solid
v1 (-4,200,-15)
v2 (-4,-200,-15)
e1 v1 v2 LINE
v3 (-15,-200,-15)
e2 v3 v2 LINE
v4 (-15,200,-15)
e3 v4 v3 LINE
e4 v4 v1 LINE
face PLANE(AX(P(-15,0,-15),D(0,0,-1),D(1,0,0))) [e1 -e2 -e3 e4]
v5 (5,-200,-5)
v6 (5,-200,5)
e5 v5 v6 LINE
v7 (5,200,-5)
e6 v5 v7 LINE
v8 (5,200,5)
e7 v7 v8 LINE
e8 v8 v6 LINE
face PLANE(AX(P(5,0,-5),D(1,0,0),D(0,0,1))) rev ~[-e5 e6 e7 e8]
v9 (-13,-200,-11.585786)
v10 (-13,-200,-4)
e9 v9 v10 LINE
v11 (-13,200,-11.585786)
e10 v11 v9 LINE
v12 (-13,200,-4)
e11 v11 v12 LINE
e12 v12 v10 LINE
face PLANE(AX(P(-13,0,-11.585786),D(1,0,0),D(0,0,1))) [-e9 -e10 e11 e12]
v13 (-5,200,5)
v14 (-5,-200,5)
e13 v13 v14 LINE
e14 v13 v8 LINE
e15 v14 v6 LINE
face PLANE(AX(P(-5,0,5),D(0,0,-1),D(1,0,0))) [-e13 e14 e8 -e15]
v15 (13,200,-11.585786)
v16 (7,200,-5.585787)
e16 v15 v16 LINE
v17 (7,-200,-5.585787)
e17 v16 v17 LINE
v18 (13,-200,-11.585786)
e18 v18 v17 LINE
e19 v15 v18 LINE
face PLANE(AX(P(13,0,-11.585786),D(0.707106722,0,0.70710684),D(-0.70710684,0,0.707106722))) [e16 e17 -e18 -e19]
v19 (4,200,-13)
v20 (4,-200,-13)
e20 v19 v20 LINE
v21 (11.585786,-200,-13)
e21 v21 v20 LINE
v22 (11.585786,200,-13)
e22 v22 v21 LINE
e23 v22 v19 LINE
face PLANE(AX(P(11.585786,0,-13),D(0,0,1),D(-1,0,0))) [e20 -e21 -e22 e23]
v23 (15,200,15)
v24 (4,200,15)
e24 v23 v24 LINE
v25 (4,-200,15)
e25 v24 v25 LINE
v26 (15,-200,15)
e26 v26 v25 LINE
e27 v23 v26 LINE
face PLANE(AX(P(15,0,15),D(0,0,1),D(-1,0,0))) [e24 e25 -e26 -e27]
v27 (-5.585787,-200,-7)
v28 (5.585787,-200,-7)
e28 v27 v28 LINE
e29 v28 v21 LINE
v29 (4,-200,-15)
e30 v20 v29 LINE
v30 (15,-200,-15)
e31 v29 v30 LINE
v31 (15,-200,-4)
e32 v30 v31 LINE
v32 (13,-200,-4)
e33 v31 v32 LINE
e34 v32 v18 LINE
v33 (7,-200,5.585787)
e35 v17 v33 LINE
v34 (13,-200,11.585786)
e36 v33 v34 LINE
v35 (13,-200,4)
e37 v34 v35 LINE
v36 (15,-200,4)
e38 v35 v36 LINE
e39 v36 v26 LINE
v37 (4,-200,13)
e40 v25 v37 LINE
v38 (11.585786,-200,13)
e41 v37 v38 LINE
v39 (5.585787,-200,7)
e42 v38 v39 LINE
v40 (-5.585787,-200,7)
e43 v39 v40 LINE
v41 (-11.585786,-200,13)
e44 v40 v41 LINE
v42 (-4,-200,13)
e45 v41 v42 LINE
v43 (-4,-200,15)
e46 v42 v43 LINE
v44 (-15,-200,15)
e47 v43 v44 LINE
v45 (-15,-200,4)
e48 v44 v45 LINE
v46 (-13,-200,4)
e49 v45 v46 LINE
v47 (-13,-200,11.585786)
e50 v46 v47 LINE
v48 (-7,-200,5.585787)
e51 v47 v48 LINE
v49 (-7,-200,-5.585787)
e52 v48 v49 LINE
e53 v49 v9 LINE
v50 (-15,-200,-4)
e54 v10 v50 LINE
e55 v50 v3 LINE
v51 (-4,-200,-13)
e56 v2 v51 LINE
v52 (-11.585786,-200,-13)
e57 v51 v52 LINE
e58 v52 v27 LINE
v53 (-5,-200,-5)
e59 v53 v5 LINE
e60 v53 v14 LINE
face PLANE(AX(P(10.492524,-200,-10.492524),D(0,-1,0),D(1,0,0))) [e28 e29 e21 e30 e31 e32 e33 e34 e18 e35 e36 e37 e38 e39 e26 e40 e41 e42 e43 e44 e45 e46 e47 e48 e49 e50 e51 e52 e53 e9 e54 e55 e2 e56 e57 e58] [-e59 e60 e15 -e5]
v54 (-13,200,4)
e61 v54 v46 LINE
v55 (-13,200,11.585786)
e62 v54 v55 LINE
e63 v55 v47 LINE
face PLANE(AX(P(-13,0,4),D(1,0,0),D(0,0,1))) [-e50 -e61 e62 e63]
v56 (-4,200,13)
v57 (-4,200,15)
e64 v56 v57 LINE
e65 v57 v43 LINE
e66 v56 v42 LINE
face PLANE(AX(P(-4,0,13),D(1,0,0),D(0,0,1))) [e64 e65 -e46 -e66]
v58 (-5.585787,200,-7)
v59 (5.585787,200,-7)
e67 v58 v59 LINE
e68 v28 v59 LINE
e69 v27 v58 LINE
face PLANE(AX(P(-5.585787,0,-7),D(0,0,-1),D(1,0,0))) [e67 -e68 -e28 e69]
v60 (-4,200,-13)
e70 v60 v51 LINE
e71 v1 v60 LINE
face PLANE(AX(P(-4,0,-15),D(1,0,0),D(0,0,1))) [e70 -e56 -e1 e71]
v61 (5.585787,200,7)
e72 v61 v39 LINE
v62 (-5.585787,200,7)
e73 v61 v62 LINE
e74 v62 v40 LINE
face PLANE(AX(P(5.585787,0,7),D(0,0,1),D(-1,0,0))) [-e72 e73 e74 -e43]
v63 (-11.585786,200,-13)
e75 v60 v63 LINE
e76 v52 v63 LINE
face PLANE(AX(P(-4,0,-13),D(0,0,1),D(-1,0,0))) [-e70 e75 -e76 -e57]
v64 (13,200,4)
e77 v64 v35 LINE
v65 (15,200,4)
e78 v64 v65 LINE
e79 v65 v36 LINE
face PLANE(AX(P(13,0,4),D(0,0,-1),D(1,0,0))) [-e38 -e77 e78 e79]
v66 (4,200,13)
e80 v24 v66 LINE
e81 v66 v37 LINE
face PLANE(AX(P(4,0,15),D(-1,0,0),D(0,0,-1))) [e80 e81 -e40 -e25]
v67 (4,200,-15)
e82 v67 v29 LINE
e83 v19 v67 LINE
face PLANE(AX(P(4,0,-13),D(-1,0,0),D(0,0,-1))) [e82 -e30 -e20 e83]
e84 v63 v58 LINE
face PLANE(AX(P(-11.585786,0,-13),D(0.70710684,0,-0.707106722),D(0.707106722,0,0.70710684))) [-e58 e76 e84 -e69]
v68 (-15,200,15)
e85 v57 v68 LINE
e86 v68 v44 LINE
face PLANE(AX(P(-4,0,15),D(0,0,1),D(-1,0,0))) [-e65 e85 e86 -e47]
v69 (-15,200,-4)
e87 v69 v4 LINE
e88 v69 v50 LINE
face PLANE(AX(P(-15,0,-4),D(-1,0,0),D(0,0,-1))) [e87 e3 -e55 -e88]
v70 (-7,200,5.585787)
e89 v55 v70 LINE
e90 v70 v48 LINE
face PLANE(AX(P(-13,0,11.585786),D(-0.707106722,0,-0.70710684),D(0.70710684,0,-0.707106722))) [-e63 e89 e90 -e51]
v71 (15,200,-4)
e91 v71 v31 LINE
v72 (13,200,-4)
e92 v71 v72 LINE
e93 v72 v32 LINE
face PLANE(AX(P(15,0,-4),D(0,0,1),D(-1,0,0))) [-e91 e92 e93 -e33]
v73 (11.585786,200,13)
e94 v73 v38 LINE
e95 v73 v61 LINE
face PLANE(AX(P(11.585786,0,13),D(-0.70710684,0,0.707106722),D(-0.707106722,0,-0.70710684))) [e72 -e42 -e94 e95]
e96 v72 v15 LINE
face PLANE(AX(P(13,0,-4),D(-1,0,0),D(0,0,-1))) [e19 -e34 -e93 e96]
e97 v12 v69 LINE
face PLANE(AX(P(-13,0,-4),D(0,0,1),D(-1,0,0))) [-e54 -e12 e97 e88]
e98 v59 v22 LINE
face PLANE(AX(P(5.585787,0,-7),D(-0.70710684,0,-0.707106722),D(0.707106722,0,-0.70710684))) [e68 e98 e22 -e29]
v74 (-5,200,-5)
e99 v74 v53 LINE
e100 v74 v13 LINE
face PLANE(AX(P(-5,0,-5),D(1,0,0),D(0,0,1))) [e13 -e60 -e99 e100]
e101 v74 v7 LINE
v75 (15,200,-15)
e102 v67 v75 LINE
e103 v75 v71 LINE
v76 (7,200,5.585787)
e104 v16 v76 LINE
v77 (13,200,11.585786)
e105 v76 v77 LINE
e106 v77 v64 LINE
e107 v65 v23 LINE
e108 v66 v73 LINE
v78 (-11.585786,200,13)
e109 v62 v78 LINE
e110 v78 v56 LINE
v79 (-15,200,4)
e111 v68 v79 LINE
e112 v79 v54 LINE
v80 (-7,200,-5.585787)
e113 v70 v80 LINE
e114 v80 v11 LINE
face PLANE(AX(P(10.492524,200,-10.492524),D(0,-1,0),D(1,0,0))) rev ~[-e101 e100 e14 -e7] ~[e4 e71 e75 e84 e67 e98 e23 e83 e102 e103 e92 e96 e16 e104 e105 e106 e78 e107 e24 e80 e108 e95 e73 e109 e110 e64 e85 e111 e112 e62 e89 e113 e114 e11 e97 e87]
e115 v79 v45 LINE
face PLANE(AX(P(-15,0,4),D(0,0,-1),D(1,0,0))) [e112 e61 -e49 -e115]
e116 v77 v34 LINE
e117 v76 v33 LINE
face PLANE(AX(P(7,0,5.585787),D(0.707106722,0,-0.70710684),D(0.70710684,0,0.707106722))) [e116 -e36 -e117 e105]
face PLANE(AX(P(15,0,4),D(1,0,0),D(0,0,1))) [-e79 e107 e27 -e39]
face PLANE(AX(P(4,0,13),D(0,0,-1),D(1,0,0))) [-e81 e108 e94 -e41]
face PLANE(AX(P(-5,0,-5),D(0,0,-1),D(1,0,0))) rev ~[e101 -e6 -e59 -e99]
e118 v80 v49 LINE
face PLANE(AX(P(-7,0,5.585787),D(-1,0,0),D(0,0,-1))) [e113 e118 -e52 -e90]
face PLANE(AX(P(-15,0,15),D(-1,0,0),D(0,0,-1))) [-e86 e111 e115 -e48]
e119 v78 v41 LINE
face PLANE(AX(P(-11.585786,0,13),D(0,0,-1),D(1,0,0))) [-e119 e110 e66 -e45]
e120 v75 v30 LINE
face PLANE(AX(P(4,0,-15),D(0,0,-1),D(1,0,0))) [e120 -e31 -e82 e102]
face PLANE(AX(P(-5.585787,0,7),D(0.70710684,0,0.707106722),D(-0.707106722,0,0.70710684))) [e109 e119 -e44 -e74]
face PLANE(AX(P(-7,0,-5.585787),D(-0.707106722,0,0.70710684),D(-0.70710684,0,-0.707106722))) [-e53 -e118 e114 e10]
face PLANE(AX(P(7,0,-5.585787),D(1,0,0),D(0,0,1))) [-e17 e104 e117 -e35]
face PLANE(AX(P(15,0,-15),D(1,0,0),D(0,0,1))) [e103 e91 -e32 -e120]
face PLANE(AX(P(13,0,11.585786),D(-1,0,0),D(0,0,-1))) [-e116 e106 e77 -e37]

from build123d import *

# Parameters (mm, degrees)
F0_W     = 10
F0_H     = 10
F1_DEPTH = 200


with BuildPart() as f1:
    # F0 (on Front) → F1 (new body, symmetric)
    with BuildSketch(Plane.XZ):
        Polygon((7, -5.585787), (7, -7), (5.585787, -7), (11.585786, -13), (4, -13), (4, -15), (15, -15), (15, -4), (13, -4), (13, -11.585786), align=None)
        Polygon((5.585787, -7), (7, -7), (7, -5.585787), (7, 5.585787), (7, 7), (5.585787, 7), (-5.585787, 7), (-7, 7), (-7, 5.585787), (-7, -5.585787), (-7, -7), (-5.585787, -7), align=None)
        Rectangle(F0_W, F0_H, mode=Mode.SUBTRACT)
        Polygon((-11.585786, -13), (-5.585787, -7), (-7, -7), (-7, -5.585787), (-13, -11.585786), (-13, -4), (-15, -4), (-15, -15), (-4, -15), (-4, -13), align=None)
        Polygon((7, 7), (7, 5.585787), (13, 11.585786), (13, 4), (15, 4), (15, 15), (4, 15), (4, 13), (11.585786, 13), (5.585787, 7), align=None)
        Polygon((-13, 11.585786), (-7, 5.585787), (-7, 7), (-5.585787, 7), (-11.585786, 13), (-4, 13), (-4, 15), (-15, 15), (-15, 4), (-13, 4), align=None)
    extrude(amount=F1_DEPTH, both=True)


solid = f1.part
